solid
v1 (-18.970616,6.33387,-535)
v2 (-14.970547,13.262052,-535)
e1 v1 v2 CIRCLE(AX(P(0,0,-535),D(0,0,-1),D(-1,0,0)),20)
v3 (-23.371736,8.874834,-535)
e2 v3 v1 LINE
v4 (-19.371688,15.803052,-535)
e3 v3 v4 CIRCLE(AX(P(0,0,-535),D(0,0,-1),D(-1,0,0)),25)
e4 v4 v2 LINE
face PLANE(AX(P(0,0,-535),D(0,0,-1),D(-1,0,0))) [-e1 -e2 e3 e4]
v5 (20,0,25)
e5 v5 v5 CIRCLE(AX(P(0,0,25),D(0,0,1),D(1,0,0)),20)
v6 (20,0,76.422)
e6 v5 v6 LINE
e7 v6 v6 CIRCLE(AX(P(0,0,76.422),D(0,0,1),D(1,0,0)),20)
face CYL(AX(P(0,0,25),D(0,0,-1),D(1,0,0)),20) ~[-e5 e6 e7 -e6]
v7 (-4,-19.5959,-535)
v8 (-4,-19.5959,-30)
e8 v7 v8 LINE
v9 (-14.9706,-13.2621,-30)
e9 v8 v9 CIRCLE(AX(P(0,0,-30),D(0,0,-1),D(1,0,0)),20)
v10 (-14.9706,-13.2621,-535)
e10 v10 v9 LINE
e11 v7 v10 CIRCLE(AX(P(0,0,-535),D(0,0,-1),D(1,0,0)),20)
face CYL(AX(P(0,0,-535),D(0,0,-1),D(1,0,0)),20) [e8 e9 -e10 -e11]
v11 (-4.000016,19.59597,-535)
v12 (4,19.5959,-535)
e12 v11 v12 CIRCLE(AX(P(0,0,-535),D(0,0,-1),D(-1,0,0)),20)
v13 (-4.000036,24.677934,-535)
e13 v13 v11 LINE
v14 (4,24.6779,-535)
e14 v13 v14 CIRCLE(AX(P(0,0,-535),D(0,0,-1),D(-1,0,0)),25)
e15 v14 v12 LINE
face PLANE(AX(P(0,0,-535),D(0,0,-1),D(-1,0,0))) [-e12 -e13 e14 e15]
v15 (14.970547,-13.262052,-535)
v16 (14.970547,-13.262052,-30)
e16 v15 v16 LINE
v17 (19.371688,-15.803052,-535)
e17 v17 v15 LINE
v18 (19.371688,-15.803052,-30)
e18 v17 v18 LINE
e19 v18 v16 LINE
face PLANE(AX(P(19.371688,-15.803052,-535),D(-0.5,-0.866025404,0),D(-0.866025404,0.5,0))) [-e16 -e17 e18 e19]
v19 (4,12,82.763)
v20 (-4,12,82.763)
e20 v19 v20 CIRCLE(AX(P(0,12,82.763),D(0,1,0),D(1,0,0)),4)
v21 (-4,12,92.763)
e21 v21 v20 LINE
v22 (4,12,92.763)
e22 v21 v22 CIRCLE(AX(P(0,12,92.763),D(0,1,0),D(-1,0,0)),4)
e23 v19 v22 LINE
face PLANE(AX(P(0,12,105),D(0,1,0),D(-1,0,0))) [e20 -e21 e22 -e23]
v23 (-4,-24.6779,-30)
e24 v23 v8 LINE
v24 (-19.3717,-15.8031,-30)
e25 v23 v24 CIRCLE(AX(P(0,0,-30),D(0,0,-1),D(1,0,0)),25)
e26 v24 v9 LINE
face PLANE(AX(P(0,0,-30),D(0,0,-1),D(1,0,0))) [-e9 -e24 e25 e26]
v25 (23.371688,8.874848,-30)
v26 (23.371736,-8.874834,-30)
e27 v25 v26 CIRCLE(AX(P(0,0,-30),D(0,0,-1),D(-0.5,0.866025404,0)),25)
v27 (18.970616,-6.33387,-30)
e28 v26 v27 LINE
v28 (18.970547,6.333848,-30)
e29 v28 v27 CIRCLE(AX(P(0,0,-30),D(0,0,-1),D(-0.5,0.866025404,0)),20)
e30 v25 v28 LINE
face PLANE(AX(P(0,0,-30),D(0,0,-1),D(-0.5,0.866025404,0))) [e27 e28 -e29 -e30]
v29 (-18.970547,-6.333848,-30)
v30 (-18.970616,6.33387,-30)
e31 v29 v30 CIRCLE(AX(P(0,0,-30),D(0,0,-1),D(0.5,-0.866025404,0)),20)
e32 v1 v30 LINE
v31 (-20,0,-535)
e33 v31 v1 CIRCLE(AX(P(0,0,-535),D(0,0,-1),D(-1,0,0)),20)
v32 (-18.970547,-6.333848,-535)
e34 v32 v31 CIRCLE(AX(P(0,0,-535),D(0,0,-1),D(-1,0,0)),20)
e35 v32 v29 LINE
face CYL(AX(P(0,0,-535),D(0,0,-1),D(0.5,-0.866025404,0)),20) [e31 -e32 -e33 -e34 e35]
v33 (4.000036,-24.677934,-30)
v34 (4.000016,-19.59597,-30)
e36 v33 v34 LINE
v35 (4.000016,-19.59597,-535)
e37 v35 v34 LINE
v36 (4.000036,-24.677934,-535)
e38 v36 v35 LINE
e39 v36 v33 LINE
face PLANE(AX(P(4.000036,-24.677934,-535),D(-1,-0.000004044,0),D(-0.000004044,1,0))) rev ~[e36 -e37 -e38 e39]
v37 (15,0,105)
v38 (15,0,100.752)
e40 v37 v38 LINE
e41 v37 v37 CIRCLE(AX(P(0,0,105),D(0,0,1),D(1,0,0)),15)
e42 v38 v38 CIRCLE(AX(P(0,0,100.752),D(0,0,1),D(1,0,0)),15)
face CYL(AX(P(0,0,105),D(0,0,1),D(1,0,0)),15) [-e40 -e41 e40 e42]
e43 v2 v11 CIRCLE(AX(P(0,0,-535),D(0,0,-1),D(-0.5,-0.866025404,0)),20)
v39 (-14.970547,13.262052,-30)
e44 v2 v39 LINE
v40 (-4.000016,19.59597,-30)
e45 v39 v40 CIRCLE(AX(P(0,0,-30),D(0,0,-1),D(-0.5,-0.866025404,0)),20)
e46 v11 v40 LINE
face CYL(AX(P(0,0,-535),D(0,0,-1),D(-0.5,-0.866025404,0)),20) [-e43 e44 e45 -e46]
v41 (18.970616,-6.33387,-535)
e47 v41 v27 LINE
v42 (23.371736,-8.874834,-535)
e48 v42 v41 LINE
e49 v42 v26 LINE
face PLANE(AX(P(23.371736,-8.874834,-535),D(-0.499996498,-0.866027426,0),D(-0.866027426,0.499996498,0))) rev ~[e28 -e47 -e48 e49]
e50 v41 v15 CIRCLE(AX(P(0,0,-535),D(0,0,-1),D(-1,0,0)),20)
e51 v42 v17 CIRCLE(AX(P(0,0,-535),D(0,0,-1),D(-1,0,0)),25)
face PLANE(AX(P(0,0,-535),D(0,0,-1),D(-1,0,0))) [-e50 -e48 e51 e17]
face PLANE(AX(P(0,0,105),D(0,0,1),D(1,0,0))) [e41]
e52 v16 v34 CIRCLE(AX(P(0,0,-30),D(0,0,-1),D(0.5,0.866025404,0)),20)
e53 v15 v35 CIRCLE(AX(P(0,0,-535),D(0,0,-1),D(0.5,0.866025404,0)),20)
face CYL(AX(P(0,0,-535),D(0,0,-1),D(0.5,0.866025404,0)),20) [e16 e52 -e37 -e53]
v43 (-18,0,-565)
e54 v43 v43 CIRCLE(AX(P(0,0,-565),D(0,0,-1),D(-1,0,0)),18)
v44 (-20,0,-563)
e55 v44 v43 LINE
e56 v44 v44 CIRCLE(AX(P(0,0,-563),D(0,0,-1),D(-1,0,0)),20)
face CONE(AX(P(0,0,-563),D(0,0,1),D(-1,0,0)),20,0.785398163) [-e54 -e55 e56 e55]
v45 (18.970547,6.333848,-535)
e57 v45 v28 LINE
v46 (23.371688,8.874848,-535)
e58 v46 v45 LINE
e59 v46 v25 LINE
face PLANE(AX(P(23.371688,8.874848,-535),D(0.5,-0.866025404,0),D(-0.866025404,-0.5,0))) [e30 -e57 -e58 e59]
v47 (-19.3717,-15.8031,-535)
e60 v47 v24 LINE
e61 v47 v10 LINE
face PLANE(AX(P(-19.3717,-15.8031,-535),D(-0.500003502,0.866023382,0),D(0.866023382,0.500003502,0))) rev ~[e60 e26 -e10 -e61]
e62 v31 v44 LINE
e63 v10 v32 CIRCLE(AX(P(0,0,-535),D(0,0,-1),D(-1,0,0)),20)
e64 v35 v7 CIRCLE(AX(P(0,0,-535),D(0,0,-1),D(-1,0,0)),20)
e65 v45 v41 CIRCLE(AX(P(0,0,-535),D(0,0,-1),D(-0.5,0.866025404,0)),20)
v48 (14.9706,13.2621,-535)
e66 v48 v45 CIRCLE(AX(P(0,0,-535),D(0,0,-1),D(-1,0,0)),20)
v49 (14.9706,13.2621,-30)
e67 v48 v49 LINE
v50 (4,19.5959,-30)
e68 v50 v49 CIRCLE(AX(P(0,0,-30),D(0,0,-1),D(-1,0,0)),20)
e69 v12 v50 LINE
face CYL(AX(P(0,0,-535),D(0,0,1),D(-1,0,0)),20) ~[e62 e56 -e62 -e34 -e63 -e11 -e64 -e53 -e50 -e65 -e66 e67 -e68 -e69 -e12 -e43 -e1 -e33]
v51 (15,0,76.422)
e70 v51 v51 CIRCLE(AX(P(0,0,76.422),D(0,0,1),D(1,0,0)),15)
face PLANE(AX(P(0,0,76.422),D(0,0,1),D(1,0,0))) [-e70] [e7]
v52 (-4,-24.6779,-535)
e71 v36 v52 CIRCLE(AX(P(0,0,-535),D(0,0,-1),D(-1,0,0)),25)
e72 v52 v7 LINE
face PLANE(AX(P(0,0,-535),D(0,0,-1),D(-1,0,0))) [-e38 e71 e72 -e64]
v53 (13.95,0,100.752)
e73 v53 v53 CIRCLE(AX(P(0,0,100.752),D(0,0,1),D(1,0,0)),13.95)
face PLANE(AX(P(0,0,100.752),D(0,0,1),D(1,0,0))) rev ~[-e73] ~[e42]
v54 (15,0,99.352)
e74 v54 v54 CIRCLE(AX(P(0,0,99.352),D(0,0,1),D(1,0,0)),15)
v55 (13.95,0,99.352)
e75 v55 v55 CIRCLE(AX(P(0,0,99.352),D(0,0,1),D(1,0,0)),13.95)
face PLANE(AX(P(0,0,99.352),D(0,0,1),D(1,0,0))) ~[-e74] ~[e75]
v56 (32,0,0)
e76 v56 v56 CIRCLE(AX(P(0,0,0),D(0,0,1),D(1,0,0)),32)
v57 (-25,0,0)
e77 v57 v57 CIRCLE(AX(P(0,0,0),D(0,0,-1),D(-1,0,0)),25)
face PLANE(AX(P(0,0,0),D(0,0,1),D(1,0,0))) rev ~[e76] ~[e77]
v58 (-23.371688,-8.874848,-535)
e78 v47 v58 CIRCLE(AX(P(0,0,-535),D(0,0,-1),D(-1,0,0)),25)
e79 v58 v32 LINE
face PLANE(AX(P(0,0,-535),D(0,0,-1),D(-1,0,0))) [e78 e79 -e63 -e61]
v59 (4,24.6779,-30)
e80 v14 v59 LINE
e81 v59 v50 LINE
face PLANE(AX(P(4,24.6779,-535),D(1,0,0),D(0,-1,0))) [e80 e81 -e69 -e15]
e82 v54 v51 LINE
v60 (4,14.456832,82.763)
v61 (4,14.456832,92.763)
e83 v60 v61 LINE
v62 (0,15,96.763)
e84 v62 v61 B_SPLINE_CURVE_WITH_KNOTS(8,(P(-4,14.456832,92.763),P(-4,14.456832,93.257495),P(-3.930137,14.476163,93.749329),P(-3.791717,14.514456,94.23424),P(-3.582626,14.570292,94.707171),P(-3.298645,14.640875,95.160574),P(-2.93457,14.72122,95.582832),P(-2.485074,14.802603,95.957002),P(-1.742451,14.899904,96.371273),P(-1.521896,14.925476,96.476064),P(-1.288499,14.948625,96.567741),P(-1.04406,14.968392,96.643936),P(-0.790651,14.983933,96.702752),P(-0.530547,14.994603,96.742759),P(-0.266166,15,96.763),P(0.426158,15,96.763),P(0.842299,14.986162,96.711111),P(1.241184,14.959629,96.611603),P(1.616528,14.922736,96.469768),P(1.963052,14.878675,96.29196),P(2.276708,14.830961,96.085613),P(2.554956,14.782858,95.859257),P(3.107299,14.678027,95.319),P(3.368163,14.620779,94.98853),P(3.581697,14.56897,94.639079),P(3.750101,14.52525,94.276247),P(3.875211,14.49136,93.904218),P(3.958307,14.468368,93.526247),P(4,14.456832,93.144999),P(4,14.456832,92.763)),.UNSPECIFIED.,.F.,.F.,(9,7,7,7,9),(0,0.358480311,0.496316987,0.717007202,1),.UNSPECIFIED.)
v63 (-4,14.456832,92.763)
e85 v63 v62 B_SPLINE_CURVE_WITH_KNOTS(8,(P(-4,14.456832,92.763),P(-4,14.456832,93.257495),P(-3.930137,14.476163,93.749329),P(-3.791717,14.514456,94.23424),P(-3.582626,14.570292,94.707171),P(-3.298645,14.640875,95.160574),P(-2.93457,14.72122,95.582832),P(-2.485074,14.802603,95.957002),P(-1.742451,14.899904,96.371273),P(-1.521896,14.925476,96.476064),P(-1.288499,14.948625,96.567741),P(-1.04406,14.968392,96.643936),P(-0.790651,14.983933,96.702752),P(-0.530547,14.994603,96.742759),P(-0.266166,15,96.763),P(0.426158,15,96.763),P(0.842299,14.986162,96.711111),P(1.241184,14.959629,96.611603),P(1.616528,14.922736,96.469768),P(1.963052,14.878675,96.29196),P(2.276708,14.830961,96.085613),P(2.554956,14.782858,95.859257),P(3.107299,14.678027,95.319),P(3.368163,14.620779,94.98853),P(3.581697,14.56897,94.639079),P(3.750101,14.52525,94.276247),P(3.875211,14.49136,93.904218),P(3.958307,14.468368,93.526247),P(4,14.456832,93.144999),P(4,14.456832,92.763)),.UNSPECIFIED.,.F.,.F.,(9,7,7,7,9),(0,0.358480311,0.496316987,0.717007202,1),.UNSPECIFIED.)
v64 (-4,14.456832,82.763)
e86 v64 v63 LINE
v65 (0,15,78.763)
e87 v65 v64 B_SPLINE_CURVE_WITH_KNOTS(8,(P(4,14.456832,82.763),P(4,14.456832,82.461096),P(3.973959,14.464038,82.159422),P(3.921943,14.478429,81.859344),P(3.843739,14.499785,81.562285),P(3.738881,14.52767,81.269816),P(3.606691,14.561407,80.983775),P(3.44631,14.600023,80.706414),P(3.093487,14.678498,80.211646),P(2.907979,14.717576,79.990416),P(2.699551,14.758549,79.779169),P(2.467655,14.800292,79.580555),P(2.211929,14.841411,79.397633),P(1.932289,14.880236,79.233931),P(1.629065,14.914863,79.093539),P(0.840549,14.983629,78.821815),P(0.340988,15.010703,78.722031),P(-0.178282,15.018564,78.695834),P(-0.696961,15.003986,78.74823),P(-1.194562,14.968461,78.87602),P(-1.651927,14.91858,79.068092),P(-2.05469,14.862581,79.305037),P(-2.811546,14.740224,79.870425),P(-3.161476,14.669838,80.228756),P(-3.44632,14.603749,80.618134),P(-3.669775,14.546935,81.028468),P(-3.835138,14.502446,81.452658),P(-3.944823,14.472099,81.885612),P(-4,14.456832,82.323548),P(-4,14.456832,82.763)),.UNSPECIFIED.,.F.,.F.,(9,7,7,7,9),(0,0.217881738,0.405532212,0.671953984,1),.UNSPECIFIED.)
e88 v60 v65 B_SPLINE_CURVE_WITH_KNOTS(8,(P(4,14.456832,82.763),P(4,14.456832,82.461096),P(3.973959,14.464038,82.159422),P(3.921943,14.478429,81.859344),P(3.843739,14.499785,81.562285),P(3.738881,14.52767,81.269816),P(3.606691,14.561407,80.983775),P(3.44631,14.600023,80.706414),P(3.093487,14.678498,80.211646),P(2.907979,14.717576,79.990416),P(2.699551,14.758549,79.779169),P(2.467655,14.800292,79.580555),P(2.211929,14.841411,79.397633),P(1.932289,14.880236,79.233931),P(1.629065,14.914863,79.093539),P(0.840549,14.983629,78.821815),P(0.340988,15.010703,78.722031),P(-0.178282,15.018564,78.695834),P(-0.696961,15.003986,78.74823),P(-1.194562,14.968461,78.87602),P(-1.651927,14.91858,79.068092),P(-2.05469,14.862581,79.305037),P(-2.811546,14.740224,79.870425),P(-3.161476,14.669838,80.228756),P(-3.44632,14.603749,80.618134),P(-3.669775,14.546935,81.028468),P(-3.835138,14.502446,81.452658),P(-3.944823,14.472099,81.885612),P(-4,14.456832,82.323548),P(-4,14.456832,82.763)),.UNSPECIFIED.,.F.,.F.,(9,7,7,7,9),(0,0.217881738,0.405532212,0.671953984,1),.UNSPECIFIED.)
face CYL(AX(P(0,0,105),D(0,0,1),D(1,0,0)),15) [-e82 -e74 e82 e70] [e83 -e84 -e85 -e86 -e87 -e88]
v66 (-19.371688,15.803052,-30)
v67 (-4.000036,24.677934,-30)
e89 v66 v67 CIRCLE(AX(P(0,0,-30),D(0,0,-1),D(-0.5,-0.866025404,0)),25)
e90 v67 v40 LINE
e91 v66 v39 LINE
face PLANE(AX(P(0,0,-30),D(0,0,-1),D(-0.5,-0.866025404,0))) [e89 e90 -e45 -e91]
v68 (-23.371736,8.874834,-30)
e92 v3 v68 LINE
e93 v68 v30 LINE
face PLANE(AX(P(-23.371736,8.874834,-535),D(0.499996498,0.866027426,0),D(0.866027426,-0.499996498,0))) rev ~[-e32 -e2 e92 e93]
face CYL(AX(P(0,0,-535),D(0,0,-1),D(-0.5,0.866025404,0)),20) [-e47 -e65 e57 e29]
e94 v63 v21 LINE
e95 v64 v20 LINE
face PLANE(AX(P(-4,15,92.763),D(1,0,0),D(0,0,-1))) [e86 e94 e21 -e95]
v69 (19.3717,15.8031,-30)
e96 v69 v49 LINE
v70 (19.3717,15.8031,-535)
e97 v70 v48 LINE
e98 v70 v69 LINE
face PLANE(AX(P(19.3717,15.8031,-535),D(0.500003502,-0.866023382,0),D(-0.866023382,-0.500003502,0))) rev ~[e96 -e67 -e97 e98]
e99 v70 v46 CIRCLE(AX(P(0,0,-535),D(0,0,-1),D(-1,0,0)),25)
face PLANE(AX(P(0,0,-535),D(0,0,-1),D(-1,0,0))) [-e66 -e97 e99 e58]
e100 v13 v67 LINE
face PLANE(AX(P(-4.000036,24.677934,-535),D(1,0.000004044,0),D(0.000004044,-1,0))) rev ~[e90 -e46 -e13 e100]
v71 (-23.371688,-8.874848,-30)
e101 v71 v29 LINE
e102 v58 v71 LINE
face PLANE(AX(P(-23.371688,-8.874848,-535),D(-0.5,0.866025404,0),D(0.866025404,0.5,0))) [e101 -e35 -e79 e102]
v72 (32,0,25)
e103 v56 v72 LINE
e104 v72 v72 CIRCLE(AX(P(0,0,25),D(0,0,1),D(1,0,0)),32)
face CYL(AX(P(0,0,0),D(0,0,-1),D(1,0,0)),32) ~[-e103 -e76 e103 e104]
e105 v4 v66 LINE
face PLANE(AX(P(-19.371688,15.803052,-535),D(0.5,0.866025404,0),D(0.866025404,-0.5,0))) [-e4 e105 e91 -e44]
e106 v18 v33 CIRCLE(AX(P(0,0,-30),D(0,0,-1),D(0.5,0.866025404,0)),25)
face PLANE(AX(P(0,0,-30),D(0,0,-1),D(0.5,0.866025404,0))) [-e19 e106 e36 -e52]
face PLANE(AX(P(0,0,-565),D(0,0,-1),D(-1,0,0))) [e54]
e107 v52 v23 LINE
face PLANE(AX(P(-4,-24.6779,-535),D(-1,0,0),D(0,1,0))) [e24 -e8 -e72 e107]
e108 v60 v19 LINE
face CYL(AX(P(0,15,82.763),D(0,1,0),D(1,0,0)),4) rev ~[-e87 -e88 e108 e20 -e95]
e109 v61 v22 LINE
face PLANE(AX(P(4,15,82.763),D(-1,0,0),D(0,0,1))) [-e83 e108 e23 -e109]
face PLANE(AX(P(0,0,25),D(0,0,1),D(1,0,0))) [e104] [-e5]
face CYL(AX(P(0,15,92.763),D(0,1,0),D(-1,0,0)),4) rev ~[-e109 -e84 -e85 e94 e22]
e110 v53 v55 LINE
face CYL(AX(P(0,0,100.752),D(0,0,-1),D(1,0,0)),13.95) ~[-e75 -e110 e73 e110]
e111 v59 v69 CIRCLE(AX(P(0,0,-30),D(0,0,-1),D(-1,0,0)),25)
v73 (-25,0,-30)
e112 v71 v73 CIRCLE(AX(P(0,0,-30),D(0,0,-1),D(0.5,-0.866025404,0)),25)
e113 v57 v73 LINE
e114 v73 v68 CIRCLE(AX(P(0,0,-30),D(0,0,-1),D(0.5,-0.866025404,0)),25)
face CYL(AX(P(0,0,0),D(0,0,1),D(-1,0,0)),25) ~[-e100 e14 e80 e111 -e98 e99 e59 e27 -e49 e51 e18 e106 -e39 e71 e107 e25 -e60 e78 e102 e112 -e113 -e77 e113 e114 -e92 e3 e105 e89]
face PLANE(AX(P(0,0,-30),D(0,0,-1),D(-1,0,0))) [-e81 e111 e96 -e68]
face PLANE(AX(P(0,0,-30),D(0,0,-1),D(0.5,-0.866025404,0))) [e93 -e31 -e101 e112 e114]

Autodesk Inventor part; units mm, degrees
ref_plane "YZ Plane" through (0, 0, 0) normal (1, 0, 0) x (0, 1, 0)
ref_plane "XY Plane" through (0, 0, 0) normal (0, 0, 1) x (1, 0, 0)
sketch "草图1" plane through (0, 0, 0) normal (0, 0, 1) x (1, 0, 0)
  circle A0 centre (0, 0) radius 32
  dimension "d0" = 64
extrude "拉伸1" add sketch "草图1" along normal blind 25
sketch "草图2" plane through (0, 0, 25) normal (0, 0, 1) x (1, 0, 0)
  circle A0 centre (0, 0) radius 20
  dimension "d3" = 40
extrude "拉伸2" add sketch "草图2" along normal blind 80
sketch "草图3" plane through (0, 0, 0) normal (0, 0, -1) x (-1, 0, 0)
  circle A0 centre (0, 0) radius 25
  dimension "d6" = 50
extrude "拉伸3" add sketch "草图3" along normal blind 535
sketch "草图4" plane through (0, 0, -535) normal (0, 0, -1) x (-1, 0, 0)
  circle A0 centre (0, 0) radius 20
  dimension "d9" = 40
extrude "拉伸4" add sketch "草图4" along normal blind 30
chamfer "倒角1" distance 2 angle 45 1 edges at (20, 0, -565)
sketch "草图5" plane through (0, 0, -535) normal (0, 0, -1) x (-1, 0, 0)
  circle A0 centre (0, 0) radius 25
  circle A1 centre (0, 0) radius 20
  line L0 (-4, 24.6779) -> (-4, 19.5959)
  line L1 (4, 24.6779) -> (4, 19.5959)
  circle A2 centre (0, 0) radius 20 projected
  circle A3 centre (0, 0) radius 25 projected
  line L2 (0, 0) -> (0, 7.2531)
  line L3 (-19.3717, 15.8031) -> (-14.9706, 13.2621)
  line L4 (-23.3717, -8.8749) -> (-18.9706, -6.3339)
  line L5 (-4, -24.6779) -> (-4, -19.5959)
  line L6 (19.3717, -15.8031) -> (14.9706, -13.2621)
  line L7 (23.3717, 8.8749) -> (18.9706, 6.3339)
  line L8 (-14.9706, 13.2621) -> (-19.3717, 15.8031)
  arc A4 (-4, 24.6779) -> (-19.3717, 15.8031) centre (0, 0) ccw
  arc A5 (-4, 19.5959) -> (-14.9706, 13.2621) centre (0, 0) ccw
  dimension "d15" = 50
  dimension "d16" = 40
  dimension "d17" = 7.2531
  dimension "d18" = 4
  dimension "d19" = 8
  dimension "d22" = 360
extrude "拉伸5" cut sketch "草图5" against normal blind 505 contours L0 A1 L3 A0
pattern_circular "环形阵列1" count 6 over 360 about axis through (0, 0, -10) along (0, 0, 1) of "拉伸5"
sketch "草图6" plane through (0, 0, 105) normal (0, 0, 1) x (1, 0, 0)
  circle A0 centre (0, 0) radius 15
  circle A1 centre (0, 0) radius 20
  dimension "d29" = 30
  dimension "d30" = 40
extrude "拉伸6" cut sketch "草图6" against normal blind 28.578
sketch "草图7" plane through (0, 0, 0) normal (0, 1, 0) x (-1, 0, 0)
  line L0 (-13.95, 99.352) -> (-18.95, 99.352)
  line L1 (-18.95, 99.352) -> (-18.95, 100.752)
  line L2 (-18.95, 100.752) -> (-13.95, 100.752)
  line L3 (-13.95, 100.752) -> (-13.95, 99.352)
  line L4 (0, 0) -> (0, 169.8002)
  line L5 (15, 105) -> (-15, 105) projected
  line L6 (0, -711.96) -> (0, 316.7602) projected
  dimension "d33" = 169.8002
  dimension "d34" = 13.95
  dimension "d35" = 4.248
  dimension "d36" = 1.4
  dimension "d37" = 5
revolve "旋转1" cut sketch "草图7" angle 360 about axis through (0, 0, -10) along (0, 0, 1)
ref_plane "工作平面1" through (0, 15, 105) normal (0, 1, 0) x (-1, 0, 0)
sketch "草图8" plane through (0, 15, 105) normal (0, 1, 0) x (-1, 0, 0)
  line L0 (4, -22.237) -> (-4, -22.237)
  line L1 (-4, -22.237) -> (-4, -12.237)
  line L2 (-4, -12.237) -> (4, -12.237)
  line L3 (4, -12.237) -> (4, -22.237)
  arc A0 (-4, -22.237) -> (4, -22.237) centre (0, -22.237) ccw
  arc A1 (4, -12.237) -> (-4, -12.237) centre (0, -12.237) ccw
  line L4 (-15, -5.648) -> (15, -5.648) projected
  line L5 (15, 0) -> (-15, 0) projected
  line L6 (0, 0) -> (0, 18.2304)
  point P0 (0, -105)
  dimension "d39" = 8
  dimension "d40" = 10
  dimension "d41" = 6.589
  dimension "d42" = 18.2304
extrude "拉伸7" cut sketch "草图8" against normal blind 3
properties part number "主动轴"
